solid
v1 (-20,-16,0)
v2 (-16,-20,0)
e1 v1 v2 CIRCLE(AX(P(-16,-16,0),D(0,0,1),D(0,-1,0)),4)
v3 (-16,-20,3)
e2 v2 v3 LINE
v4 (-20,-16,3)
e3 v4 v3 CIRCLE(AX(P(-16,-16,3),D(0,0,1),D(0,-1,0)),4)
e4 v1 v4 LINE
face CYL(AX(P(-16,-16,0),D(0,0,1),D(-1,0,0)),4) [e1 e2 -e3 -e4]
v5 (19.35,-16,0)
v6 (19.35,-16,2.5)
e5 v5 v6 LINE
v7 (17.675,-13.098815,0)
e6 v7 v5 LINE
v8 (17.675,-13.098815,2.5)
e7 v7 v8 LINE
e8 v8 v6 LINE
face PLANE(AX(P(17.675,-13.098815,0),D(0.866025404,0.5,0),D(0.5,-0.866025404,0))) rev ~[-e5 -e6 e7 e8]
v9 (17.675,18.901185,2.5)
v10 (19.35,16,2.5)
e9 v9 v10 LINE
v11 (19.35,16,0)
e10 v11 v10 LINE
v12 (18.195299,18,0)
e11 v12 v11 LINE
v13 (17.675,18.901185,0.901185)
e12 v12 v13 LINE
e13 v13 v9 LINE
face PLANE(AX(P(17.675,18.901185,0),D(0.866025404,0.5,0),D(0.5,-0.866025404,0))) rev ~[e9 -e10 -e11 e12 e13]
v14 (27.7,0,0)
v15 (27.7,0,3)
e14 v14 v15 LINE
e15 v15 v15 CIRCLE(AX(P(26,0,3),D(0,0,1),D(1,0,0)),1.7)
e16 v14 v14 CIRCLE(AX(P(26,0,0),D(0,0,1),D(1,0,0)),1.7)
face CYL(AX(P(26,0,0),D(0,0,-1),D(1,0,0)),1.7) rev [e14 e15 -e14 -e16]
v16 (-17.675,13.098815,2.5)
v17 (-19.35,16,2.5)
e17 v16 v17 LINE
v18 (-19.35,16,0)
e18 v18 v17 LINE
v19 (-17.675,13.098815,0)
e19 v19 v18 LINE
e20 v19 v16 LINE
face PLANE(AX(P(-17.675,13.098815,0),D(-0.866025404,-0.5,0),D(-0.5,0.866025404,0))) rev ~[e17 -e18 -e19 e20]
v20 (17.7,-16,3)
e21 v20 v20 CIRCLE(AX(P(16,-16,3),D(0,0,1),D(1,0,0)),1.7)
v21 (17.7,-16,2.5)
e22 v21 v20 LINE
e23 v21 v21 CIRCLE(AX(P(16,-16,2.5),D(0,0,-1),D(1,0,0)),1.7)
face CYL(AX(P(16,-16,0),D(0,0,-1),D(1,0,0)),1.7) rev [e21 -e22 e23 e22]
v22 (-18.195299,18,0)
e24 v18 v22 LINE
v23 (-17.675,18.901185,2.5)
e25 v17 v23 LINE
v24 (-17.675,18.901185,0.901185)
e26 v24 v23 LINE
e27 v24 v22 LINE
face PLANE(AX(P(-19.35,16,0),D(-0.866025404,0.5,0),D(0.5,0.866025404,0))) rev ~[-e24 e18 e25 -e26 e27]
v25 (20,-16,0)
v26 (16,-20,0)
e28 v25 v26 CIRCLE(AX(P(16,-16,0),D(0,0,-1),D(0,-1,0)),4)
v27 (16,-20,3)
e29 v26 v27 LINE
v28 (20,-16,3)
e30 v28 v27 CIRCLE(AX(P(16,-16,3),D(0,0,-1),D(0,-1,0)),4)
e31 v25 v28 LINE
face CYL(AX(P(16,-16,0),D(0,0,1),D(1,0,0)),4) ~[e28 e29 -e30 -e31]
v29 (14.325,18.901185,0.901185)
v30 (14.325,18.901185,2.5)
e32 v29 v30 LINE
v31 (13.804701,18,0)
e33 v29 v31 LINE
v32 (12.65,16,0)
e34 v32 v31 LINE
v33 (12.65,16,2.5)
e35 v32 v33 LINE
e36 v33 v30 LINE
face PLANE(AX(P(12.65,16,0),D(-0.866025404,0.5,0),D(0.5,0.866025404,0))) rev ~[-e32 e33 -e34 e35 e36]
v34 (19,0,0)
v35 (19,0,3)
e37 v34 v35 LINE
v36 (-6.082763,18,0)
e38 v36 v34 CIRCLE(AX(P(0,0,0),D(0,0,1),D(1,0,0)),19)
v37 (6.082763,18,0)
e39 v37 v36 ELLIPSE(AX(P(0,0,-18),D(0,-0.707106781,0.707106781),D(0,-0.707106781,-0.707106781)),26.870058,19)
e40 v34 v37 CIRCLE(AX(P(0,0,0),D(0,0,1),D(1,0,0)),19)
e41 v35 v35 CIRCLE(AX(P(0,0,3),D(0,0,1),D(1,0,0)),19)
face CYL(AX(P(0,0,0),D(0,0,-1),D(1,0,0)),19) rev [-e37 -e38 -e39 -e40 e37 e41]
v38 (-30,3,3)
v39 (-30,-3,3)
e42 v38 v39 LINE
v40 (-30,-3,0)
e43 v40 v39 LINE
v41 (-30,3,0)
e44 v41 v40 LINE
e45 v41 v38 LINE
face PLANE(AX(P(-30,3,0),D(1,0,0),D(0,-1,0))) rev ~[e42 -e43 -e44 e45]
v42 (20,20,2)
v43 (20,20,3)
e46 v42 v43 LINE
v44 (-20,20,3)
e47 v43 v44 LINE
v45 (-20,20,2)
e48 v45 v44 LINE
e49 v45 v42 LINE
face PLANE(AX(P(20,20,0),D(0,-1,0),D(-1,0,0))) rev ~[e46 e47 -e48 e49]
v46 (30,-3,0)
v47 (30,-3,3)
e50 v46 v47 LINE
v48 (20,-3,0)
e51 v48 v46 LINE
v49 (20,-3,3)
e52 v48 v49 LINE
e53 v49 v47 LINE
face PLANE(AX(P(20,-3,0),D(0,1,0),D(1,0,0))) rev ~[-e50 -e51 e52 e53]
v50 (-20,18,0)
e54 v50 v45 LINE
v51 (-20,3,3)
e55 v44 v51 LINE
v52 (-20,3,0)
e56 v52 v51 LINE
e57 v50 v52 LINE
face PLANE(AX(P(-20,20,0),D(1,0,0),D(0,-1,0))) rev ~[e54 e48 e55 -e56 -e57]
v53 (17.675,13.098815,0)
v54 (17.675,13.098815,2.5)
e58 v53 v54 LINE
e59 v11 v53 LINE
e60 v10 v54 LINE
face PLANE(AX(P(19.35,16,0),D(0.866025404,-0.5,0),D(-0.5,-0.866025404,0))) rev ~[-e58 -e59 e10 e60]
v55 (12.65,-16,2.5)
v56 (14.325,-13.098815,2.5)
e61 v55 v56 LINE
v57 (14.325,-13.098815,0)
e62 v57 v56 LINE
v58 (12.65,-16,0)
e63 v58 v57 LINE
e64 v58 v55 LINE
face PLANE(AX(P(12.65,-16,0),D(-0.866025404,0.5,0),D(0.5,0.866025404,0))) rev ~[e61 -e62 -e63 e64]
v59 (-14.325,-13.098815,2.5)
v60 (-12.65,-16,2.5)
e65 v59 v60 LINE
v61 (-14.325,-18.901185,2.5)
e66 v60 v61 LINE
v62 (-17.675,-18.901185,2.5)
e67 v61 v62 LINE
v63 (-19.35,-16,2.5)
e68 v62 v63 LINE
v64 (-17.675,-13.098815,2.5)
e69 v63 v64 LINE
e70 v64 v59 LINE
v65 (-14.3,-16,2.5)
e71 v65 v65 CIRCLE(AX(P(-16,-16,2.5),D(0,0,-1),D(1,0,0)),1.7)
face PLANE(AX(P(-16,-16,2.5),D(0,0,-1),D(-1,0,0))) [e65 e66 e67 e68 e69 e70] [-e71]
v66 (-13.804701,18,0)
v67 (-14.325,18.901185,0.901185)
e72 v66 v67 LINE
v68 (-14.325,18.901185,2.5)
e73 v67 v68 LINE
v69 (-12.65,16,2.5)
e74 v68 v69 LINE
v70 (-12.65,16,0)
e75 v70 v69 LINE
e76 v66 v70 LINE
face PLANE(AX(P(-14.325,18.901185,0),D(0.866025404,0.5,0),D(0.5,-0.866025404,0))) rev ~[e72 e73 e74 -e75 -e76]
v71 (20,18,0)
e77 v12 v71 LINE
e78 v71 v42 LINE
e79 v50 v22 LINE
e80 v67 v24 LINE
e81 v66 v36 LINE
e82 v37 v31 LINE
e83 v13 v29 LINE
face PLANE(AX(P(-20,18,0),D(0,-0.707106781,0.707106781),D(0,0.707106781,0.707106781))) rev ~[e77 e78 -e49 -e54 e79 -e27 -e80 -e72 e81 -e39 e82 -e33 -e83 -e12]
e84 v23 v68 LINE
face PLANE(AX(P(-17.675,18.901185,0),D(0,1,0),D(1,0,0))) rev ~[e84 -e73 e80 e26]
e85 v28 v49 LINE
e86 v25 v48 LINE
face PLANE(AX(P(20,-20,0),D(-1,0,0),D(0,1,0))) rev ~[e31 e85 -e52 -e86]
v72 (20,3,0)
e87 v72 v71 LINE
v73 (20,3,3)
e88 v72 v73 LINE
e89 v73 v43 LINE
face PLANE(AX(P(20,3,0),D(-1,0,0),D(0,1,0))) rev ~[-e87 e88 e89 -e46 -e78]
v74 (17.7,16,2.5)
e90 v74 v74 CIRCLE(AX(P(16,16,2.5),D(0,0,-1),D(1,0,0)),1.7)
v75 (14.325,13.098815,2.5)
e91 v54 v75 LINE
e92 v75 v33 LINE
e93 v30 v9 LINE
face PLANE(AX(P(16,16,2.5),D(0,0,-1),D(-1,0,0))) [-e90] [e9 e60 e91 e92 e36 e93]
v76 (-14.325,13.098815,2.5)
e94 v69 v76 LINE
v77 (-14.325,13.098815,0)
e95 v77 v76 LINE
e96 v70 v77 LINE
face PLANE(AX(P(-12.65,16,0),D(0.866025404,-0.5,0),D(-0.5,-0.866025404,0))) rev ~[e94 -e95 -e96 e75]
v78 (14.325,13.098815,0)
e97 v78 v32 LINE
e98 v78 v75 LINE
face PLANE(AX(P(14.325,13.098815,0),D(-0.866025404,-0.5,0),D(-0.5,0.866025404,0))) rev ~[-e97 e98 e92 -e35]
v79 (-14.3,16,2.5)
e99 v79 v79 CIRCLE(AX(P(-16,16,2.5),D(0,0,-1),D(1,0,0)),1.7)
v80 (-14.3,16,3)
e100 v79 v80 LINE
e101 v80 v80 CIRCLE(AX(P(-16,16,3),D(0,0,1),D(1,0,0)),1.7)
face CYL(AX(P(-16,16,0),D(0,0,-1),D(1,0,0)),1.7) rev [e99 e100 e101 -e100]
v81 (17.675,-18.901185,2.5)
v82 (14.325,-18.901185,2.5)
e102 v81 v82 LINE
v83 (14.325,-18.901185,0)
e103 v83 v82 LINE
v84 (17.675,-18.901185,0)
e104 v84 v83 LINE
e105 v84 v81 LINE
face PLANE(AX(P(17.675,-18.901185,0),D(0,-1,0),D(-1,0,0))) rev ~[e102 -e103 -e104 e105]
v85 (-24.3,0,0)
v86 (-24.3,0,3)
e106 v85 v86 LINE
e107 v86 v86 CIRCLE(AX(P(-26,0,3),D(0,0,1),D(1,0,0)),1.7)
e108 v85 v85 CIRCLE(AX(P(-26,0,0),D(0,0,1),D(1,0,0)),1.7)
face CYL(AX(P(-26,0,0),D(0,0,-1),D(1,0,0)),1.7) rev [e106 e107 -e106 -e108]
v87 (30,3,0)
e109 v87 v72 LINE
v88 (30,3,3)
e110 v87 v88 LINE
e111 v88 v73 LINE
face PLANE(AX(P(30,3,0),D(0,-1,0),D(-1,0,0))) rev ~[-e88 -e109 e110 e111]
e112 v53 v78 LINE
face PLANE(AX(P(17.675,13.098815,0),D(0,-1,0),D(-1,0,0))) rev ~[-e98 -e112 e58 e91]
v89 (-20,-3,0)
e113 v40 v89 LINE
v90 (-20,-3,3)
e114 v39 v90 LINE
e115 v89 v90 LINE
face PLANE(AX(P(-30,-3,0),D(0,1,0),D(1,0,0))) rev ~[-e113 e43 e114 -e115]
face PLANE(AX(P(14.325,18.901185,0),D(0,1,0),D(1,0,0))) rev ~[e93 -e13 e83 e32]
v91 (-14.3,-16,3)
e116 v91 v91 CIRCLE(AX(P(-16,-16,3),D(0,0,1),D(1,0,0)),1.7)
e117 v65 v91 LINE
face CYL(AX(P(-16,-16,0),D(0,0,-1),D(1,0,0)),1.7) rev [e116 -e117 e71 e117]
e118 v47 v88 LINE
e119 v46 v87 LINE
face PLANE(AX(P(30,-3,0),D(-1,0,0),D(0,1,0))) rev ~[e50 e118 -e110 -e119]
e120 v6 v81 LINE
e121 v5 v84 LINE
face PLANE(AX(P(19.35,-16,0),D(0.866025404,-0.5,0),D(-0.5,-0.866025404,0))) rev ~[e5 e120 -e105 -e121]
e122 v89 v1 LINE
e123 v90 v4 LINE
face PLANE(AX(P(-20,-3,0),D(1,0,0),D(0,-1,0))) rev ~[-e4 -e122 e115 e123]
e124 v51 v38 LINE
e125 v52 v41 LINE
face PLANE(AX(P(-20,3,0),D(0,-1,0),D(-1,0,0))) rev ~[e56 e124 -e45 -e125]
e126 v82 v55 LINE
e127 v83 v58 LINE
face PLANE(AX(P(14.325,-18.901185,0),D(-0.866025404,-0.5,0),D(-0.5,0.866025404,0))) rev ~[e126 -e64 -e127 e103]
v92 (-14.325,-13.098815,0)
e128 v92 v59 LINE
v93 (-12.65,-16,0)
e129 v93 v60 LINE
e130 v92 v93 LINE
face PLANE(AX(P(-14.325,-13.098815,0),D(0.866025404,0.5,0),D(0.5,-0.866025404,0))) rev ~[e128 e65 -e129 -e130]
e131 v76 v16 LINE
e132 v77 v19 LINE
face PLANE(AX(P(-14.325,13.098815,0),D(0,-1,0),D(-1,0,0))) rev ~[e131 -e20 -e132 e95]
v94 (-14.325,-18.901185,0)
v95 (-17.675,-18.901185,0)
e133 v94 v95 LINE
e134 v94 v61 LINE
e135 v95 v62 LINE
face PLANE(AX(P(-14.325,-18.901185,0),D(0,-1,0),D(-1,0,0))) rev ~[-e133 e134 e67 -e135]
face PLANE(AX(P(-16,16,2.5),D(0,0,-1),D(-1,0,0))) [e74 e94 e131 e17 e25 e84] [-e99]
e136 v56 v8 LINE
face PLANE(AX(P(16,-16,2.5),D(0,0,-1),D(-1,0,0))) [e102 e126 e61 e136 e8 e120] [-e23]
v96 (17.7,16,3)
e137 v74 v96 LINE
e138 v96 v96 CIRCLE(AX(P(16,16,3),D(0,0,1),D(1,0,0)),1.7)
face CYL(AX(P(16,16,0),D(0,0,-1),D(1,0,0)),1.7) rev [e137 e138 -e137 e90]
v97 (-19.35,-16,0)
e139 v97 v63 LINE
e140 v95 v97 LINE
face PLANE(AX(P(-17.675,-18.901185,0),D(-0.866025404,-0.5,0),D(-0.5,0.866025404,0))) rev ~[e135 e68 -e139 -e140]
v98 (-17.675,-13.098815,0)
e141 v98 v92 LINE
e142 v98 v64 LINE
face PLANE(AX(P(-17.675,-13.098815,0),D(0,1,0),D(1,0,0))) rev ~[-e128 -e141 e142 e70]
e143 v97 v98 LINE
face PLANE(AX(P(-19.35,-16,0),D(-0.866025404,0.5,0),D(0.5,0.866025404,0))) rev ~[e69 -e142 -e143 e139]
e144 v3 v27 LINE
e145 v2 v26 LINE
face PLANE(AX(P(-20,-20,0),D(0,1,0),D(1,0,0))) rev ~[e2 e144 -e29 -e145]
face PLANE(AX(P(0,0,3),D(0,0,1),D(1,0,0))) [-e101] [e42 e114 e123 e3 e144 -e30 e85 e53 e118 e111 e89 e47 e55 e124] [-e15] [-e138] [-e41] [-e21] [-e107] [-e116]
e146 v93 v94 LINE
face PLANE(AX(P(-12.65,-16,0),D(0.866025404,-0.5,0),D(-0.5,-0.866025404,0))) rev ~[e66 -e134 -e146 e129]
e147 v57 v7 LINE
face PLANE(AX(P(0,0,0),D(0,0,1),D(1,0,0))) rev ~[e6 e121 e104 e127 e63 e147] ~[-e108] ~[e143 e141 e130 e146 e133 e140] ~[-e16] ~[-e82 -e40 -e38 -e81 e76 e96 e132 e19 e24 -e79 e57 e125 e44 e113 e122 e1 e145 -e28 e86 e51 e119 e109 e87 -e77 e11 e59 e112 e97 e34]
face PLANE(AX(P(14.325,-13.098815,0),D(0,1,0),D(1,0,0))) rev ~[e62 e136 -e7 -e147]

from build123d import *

# Parameters (mm, degrees)
CROQUIS1_R              = 19
CROQUIS1_R_2            = 1.7
SALIENTE_EXTRUIR1_DEPTH = 3
CORTAR_EXTRUIR1_DEPTH   = 40
REDONDEO1_R             = 4
CORTAR_EXTRUIR2_DEPTH   = 2.5


with BuildPart() as part:
    # Croquis1 → Saliente-Extruir1 (new body)
    with BuildSketch(Plane.XY):
        Polygon((-30, 3), (-30, -3), (-20, -3), (-20, -20), (20, -20), (20, -3), (30, -3), (30, 3), (20, 3), (20, 20), (-20, 20), (-20, 3), align=None)
        Circle(CROQUIS1_R, mode=Mode.SUBTRACT)
        with Locations((-26, 0)):
            Circle(CROQUIS1_R_2, mode=Mode.SUBTRACT)
        with Locations((26, 0)):
            Circle(CROQUIS1_R_2, mode=Mode.SUBTRACT)
        with Locations((16, 16)):
            Circle(CROQUIS1_R_2, mode=Mode.SUBTRACT)
        with Locations((-16, 16)):
            Circle(CROQUIS1_R_2, mode=Mode.SUBTRACT)
        with Locations((-16, -16)):
            Circle(CROQUIS1_R_2, mode=Mode.SUBTRACT)
        with Locations((16, -16)):
            Circle(CROQUIS1_R_2, mode=Mode.SUBTRACT)
    extrude(amount=SALIENTE_EXTRUIR1_DEPTH)

    # Croquis2 → Cortar-Extruir1 (cut)
    with BuildSketch(Plane.ZY.offset(20)):
        Polygon((2, 20), (0, 20), (0, 18), align=None)
    extrude(amount=-CORTAR_EXTRUIR1_DEPTH, mode=Mode.SUBTRACT)

    # Redondeo1
    redondeo1_edges = [part.edges().sort_by_distance(p)[0] for p in [
        (20, -20, 1.5),
        (-20, -20, 1.5),
    ]]
    fillet(redondeo1_edges, radius=REDONDEO1_R)

    # Croquis3 → Cortar-Extruir2 (cut)
    with BuildSketch(Plane(origin=(0, 0, 0), x_dir=(-1, 0, 0), z_dir=(0, 0, -1))):
        Polygon((-12.65, 16), (-14.325, 18.901185103), (-17.675, 18.901185103), (-19.35, 16), (-17.675, 13.098814897), (-14.325, 13.098814897), align=None)
        Polygon((-12.65, -16), (-14.325, -13.098814897), (-17.675, -13.098814897), (-19.35, -16), (-17.675, -18.901185103), (-14.325, -18.901185103), align=None)
        Polygon((19.35, -16), (17.675, -13.098814897), (14.325, -13.098814897), (12.65, -16), (14.325, -18.901185103), (17.675, -18.901185103), align=None)
        Polygon((19.35, 16), (17.675, 18.901185103), (14.325, 18.901185103), (12.65, 16), (14.325, 13.098814897), (17.675, 13.098814897), align=None)
    extrude(amount=-CORTAR_EXTRUIR2_DEPTH, mode=Mode.SUBTRACT)


solid = part.part
